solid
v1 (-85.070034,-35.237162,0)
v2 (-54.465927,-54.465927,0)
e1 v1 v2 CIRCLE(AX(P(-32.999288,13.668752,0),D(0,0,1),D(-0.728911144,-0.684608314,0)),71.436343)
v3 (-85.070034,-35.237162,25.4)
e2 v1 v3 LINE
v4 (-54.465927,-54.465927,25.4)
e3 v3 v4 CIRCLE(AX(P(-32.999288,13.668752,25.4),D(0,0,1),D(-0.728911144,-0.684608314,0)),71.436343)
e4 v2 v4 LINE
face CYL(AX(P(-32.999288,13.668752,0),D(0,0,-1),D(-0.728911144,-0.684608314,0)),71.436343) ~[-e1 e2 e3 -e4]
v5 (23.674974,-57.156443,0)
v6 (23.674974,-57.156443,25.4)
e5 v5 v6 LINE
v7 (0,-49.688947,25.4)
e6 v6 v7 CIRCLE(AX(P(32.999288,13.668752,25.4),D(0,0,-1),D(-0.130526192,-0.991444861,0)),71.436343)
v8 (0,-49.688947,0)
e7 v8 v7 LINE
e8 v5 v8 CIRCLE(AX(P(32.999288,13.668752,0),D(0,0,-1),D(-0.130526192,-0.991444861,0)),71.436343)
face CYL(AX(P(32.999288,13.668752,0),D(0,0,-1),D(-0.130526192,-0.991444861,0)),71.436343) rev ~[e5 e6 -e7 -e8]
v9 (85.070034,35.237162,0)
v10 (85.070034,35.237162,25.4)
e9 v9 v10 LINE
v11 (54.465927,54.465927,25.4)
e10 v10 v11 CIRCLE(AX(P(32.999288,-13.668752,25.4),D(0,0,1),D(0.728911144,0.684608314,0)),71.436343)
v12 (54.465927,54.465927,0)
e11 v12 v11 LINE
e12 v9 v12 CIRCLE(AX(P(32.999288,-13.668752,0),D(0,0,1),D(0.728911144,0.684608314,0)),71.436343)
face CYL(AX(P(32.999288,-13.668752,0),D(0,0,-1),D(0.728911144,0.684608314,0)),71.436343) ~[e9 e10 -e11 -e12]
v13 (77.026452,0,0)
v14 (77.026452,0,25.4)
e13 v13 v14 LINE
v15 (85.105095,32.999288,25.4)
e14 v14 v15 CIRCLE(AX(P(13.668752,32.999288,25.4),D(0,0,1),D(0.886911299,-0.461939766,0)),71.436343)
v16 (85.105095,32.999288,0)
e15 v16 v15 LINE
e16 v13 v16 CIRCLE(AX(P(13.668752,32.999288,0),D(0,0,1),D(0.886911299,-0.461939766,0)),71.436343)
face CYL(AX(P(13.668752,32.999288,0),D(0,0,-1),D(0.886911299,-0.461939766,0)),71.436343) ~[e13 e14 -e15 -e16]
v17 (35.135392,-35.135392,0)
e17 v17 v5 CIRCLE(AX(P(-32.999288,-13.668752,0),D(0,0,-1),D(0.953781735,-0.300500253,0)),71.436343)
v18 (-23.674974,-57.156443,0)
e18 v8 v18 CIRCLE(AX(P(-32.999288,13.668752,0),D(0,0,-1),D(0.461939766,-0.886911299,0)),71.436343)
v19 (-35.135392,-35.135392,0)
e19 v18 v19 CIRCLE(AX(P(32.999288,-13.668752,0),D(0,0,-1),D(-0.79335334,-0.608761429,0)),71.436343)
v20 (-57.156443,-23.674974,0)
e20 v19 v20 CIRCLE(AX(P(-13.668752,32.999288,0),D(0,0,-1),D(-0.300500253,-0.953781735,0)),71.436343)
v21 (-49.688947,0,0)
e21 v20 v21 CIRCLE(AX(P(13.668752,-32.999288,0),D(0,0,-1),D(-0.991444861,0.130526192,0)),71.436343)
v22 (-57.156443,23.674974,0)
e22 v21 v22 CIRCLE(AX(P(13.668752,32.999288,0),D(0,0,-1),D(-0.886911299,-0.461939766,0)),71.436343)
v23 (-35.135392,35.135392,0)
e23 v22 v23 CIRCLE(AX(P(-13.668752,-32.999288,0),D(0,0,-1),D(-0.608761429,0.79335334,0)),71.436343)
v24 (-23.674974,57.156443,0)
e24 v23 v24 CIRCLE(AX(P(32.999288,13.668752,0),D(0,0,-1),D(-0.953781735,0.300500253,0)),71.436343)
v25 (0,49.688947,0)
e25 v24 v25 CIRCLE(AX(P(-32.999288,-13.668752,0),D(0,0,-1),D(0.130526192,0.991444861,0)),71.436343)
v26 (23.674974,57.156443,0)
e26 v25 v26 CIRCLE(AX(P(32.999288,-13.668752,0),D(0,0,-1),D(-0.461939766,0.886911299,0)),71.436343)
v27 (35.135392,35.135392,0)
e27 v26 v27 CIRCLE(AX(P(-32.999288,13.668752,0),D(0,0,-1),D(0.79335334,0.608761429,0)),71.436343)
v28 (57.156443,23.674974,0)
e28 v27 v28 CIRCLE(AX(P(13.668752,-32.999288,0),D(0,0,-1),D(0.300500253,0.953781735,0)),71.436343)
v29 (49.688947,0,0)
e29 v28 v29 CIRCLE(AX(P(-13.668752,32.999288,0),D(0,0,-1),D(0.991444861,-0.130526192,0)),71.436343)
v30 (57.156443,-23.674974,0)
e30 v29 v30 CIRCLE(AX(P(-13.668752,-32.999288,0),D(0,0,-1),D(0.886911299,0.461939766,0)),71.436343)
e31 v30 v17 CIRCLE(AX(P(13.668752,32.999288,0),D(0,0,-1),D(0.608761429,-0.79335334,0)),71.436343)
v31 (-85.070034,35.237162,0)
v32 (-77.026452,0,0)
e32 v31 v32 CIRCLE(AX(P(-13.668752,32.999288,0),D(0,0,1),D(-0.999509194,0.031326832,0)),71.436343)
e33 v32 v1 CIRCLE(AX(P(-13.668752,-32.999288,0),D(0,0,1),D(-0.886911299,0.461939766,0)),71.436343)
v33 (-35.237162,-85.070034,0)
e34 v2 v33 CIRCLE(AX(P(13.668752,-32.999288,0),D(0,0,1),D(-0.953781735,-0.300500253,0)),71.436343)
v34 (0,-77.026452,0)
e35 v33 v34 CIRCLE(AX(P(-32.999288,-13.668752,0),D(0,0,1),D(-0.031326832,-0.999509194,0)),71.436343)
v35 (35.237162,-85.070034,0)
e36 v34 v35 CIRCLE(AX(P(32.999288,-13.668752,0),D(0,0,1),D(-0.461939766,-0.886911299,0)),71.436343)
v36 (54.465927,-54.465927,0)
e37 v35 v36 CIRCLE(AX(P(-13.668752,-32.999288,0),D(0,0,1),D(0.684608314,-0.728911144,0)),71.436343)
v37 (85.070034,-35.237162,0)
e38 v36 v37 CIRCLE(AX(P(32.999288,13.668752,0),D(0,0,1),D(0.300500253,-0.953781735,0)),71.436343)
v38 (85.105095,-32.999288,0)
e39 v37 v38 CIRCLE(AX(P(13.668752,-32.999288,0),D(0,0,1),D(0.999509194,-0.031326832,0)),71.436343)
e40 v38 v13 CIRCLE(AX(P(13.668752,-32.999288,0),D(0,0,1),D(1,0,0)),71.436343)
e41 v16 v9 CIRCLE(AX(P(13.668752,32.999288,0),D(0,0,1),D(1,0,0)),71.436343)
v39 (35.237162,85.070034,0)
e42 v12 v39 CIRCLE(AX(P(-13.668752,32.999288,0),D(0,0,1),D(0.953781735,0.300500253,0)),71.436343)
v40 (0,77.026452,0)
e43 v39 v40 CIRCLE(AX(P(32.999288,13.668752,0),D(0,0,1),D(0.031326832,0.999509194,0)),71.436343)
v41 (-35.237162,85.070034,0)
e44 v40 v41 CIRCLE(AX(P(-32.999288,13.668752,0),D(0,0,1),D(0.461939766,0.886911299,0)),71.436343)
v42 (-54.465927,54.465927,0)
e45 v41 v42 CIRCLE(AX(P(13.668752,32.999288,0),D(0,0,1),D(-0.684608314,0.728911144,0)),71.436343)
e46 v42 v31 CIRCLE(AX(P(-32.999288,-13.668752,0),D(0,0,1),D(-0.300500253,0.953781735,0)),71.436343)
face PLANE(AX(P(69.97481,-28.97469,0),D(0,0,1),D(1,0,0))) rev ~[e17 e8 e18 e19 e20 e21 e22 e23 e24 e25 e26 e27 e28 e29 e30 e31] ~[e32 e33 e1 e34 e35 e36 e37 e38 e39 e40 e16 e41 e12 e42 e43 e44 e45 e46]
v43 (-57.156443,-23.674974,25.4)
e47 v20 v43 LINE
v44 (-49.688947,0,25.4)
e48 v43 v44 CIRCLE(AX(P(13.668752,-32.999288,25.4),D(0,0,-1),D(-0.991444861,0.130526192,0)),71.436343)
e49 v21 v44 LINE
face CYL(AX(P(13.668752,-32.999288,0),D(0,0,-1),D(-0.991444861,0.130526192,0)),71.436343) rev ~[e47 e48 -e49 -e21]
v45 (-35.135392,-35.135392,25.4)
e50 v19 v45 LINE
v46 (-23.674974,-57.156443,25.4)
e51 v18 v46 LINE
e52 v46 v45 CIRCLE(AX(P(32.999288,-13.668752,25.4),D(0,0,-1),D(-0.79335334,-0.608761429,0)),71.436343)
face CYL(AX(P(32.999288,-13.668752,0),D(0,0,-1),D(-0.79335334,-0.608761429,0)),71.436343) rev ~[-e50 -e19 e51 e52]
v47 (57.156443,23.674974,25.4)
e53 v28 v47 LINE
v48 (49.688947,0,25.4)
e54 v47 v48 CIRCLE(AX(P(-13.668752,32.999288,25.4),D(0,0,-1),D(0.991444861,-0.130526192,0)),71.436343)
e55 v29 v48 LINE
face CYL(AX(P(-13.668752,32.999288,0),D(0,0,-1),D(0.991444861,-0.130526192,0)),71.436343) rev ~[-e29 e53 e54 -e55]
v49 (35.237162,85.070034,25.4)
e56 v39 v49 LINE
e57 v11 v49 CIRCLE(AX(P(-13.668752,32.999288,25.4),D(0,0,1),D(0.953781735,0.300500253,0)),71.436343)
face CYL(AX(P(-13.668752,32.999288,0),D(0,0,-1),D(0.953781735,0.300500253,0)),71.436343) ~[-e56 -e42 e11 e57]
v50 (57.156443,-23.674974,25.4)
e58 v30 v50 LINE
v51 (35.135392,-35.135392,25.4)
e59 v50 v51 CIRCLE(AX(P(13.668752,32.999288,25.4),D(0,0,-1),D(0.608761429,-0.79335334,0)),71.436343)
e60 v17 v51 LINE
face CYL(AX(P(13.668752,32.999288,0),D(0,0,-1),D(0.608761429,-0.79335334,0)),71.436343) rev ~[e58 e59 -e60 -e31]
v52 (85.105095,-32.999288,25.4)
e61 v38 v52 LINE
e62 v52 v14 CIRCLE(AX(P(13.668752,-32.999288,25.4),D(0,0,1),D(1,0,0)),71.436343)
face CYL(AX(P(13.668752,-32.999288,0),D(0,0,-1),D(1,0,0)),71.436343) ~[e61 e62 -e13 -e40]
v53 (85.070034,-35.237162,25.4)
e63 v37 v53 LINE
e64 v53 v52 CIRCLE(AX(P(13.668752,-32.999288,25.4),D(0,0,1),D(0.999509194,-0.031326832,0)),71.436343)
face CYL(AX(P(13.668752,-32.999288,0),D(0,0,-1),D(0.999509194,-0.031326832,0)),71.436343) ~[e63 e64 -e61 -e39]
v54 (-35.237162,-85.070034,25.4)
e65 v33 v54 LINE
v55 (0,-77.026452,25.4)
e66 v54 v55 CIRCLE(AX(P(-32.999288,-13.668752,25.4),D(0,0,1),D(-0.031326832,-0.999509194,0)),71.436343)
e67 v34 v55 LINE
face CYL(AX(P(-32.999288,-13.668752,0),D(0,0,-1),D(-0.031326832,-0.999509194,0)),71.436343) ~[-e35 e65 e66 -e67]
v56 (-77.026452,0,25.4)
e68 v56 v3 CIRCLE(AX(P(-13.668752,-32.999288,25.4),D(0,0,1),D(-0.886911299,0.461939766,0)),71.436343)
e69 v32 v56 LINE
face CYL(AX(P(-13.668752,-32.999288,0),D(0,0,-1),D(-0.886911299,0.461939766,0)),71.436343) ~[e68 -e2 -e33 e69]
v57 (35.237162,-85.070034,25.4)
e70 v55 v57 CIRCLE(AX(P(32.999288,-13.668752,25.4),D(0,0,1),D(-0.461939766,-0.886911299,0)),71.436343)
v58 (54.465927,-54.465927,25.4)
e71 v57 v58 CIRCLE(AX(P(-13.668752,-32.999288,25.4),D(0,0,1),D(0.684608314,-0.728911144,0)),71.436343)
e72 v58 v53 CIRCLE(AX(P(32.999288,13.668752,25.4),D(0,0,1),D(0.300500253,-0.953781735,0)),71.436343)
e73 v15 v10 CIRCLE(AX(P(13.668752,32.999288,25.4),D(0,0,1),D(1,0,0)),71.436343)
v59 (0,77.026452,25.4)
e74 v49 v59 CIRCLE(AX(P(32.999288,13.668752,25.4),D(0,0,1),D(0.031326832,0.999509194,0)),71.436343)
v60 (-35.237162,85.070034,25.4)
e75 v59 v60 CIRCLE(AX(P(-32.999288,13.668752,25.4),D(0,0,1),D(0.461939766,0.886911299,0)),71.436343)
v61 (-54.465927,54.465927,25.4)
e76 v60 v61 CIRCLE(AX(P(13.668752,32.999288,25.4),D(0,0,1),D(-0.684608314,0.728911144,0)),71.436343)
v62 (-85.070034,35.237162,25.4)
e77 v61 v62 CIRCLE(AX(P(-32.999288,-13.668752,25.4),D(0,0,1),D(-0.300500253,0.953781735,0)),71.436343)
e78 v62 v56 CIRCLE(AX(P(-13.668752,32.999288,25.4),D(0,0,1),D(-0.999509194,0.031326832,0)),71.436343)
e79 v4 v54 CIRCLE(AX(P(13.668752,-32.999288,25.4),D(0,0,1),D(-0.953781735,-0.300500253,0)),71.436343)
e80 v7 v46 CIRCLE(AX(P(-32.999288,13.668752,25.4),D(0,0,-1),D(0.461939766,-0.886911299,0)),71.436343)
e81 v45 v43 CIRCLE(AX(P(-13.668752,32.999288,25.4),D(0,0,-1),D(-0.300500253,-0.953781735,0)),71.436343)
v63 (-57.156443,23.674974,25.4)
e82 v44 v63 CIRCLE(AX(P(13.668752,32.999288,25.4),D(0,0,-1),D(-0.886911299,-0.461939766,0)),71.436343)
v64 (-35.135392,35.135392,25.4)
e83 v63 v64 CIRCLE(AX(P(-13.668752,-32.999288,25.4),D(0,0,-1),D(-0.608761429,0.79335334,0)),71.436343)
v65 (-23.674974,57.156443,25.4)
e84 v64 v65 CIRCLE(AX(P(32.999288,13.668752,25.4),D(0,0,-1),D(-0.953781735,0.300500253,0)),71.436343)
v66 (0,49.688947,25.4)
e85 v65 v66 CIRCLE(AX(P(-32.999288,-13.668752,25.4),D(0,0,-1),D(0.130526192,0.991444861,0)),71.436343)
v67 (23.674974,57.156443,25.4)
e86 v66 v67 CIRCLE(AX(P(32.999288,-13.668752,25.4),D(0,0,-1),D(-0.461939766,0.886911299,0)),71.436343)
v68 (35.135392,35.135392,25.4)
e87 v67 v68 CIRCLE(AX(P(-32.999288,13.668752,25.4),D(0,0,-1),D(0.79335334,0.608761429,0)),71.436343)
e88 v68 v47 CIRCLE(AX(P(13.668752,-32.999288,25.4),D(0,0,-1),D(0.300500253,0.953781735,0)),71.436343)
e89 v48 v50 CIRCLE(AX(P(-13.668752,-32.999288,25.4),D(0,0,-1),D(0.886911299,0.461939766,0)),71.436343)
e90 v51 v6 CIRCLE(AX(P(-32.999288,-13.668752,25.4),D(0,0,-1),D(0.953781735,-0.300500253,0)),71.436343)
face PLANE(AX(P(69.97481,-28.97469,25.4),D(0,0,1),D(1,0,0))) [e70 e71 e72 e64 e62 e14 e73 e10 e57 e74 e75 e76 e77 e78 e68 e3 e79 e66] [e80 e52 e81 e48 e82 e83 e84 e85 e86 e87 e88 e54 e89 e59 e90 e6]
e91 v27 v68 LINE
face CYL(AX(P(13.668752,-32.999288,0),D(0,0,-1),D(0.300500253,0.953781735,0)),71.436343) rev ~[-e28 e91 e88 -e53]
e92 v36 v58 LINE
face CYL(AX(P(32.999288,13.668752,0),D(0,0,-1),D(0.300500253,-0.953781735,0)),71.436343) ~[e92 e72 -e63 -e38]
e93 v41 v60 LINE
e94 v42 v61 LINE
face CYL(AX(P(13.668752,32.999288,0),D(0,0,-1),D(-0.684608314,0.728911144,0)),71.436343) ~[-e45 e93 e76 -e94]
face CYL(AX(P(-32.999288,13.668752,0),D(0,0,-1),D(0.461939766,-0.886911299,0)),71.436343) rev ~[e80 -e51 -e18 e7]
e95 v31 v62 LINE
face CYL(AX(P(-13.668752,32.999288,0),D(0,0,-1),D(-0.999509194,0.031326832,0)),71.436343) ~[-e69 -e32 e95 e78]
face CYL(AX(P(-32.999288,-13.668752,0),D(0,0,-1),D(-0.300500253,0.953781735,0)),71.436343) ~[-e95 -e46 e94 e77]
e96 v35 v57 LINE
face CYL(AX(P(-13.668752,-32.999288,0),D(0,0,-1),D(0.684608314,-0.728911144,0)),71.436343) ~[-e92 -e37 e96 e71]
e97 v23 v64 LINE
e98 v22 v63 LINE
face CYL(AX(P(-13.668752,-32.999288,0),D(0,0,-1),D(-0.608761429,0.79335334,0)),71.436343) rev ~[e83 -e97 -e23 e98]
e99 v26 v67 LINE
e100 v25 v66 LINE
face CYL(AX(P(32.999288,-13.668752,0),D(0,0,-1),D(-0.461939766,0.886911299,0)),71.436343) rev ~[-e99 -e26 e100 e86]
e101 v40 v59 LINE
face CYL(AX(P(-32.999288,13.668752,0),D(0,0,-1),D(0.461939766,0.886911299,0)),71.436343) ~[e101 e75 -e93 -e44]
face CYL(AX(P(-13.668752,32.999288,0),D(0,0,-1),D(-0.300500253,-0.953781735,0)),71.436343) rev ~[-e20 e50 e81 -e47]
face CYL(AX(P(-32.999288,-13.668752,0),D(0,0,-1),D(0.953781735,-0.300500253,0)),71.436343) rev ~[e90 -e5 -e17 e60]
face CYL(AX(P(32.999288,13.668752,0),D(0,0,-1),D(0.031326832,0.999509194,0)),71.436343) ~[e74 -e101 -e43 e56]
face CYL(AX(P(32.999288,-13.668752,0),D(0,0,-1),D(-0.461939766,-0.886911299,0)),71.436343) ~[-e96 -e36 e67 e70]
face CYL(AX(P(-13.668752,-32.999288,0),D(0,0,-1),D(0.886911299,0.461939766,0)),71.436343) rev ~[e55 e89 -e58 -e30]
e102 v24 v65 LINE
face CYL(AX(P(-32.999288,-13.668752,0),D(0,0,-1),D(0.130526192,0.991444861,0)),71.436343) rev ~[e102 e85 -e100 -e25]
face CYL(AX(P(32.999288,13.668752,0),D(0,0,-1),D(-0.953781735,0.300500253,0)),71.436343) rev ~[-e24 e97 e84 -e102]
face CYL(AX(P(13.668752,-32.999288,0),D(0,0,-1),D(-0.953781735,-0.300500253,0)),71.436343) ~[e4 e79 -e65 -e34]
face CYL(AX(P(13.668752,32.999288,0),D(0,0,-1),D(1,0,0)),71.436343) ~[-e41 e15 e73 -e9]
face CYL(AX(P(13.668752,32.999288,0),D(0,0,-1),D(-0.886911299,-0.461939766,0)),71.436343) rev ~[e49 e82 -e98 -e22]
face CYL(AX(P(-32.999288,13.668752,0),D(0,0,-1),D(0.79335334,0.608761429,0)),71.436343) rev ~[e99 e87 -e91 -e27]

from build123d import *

# Parameters (mm, degrees)
F1_DEPTH = 25.4


with BuildPart() as f1:
    # F0 (on Top) → F1 (new body)
    with BuildSketch(Plane.XY):
        with BuildLine():
            ThreePointArc((77.0264520917, 0), (68.3872175724, -12.9250051294), (57.1564426084, -23.6749737054))
            ThreePointArc((57.1564426084, -23.6749737054), (57.6146397309, -28.3271271617), (57.7675904246, -32.9992875259))
            ThreePointArc((57.7675904246, -32.9992875259), (56.9373498992, -43.8588176414), (54.4659266048, -54.4659266048))
            ThreePointArc((54.4659266048, -54.4659266048), (71.0041966227, -46.8190807701), (85.0700339486, -35.2371618131))
            ThreePointArc((85.0700339486, -35.2371618131), (85.0963294305, -34.1183619899), (85.1050953083, -32.9992875259))
            ThreePointArc((85.1050953083, -32.9992875259), (83.0560475237, -16.0123995425), (77.0264520917, 0))
        make_face()
        with BuildLine():
            ThreePointArc((57.1564426084, -23.6749737054), (46.6475564841, -30.3690765533), (35.1353915207, -35.1353915208))
            ThreePointArc((35.1353915208, -35.1353915208), (30.3690765533, -46.6475564841), (23.6749737054, -57.1564426084))
            ThreePointArc((23.6749737054, -57.1564426084), (39.217706518, -57.4964240658), (54.4659266048, -54.4659266048))
            ThreePointArc((54.4659266048, -54.4659266048), (56.9373498992, -43.8588176414), (57.7675904246, -32.9992875259))
            ThreePointArc((57.7675904246, -32.9992875259), (57.6146397309, -28.3271271617), (57.1564426084, -23.6749737054))
        make_face()
        with BuildLine():
            ThreePointArc((57.1564426084, 23.6749737054), (54.4589834849, 11.5106235465), (49.6889472079, 0))
            ThreePointArc((49.6889472079, 0), (54.4589834849, -11.5106235465), (57.1564426084, -23.6749737054))
            ThreePointArc((57.1564426084, -23.6749737054), (68.3872175724, -12.9250051294), (77.0264520917, 0))
            ThreePointArc((77.0264520917, 0), (68.3872175724, 12.9250051294), (57.1564426084, 23.6749737054))
        make_face()
        with BuildLine():
            ThreePointArc((0, 49.6889472079), (11.5106235465, 54.4589834849), (23.6749737054, 57.1564426084))
            ThreePointArc((23.6749737054, 57.1564426084), (12.9250051294, 68.3872175724), (0, 77.0264520917))
            ThreePointArc((0, 77.0264520917), (-12.9250051294, 68.3872175724), (-23.6749737054, 57.1564426084))
            ThreePointArc((-23.6749737054, 57.1564426084), (-11.5106235465, 54.4589834849), (0, 49.6889472079))
        make_face()
        with BuildLine():
            ThreePointArc((57.7675904246, 32.9992875259), (57.6146397309, 28.3271271617), (57.1564426084, 23.6749737054))
            ThreePointArc((57.1564426084, 23.6749737054), (68.3872175724, 12.9250051294), (77.0264520917, 0))
            ThreePointArc((77.0264520917, 0), (83.0560475237, 16.0123995425), (85.1050953083, 32.9992875259))
            ThreePointArc((85.1050953083, 32.9992875259), (85.0963294305, 34.1183619899), (85.0700339486, 35.2371618131))
            ThreePointArc((85.0700339486, 35.2371618131), (71.0041966227, 46.8190807701), (54.4659266048, 54.4659266048))
            ThreePointArc((54.4659266048, 54.4659266048), (56.9373498992, 43.8588176414), (57.7675904246, 32.9992875259))
        make_face()
        with BuildLine():
            ThreePointArc((23.6749737054, 57.1564426084), (30.3690765533, 46.6475564841), (35.1353915208, 35.1353915208))
            ThreePointArc((35.1353915207, 35.1353915208), (46.6475564841, 30.3690765533), (57.1564426084, 23.6749737054))
            ThreePointArc((57.1564426084, 23.6749737054), (57.6146397309, 28.3271271617), (57.7675904246, 32.9992875259))
            ThreePointArc((57.7675904246, 32.9992875259), (56.9373498992, 43.8588176414), (54.4659266048, 54.4659266048))
            ThreePointArc((54.4659266048, 54.4659266048), (39.217706518, 57.4964240658), (23.6749737054, 57.1564426084))
        make_face()
        with BuildLine():
            ThreePointArc((-23.6749737054, 57.1564426084), (-12.9250051294, 68.3872175724), (0, 77.0264520917))
            ThreePointArc((0, 77.0264520917), (-17.1014594232, 83.313638426), (-35.2371618131, 85.0700339486))
            ThreePointArc((-35.2371618131, 85.0700339486), (-46.8190807701, 71.0041966227), (-54.4659266048, 54.4659266048))
            ThreePointArc((-54.4659266048, 54.4659266048), (-39.217706518, 57.4964240658), (-23.6749737054, 57.1564426084))
        make_face()
        with BuildLine():
            ThreePointArc((0, 77.0264520917), (12.9250051294, 68.3872175724), (23.6749737054, 57.1564426084))
            ThreePointArc((23.6749737054, 57.1564426084), (39.217706518, 57.4964240658), (54.4659266048, 54.4659266048))
            ThreePointArc((54.4659266048, 54.4659266048), (46.8190807701, 71.0041966227), (35.2371618131, 85.0700339486))
            ThreePointArc((35.2371618131, 85.0700339486), (17.1014594232, 83.313638426), (0, 77.0264520917))
        make_face()
        with BuildLine():
            ThreePointArc((-35.1353915208, 35.1353915208), (-30.3690765533, 46.6475564841), (-23.6749737054, 57.1564426084))
            ThreePointArc((-23.6749737054, 57.1564426084), (-39.217706518, 57.4964240658), (-54.4659266048, 54.4659266048))
            ThreePointArc((-54.4659266048, 54.4659266048), (-57.4964240658, 39.217706518), (-57.1564426084, 23.6749737054))
            ThreePointArc((-57.1564426084, 23.6749737054), (-46.6475564841, 30.3690765533), (-35.1353915208, 35.1353915208))
        make_face()
        with BuildLine():
            ThreePointArc((-85.0700339486, -35.2371618131), (-71.0041966227, -46.8190807701), (-54.4659266048, -54.4659266048))
            ThreePointArc((-54.4659266048, -54.4659266048), (-57.4964240658, -39.217706518), (-57.1564426084, -23.6749737054))
            ThreePointArc((-57.1564426084, -23.6749737054), (-68.3872175724, -12.9250051294), (-77.0264520917, 0))
            ThreePointArc((-77.0264520917, 0), (-83.313638426, -17.1014594232), (-85.0700339486, -35.2371618131))
        make_face()
        with BuildLine():
            ThreePointArc((-57.1564426084, 23.6749737054), (-57.4964240658, 39.217706518), (-54.4659266048, 54.4659266048))
            ThreePointArc((-54.4659266048, 54.4659266048), (-71.0041966227, 46.8190807701), (-85.0700339486, 35.2371618131))
            ThreePointArc((-85.0700339486, 35.2371618131), (-83.313638426, 17.1014594232), (-77.0264520917, 0))
            ThreePointArc((-77.0264520917, 0), (-68.3872175724, 12.9250051294), (-57.1564426084, 23.6749737054))
        make_face()
        with BuildLine():
            ThreePointArc((-77.0264520917, 0), (-68.3872175724, -12.9250051294), (-57.1564426084, -23.6749737054))
            ThreePointArc((-57.1564426084, -23.6749737054), (-54.4589834849, -11.5106235465), (-49.6889472079, 0))
            ThreePointArc((-49.6889472079, 0), (-54.4589834849, 11.5106235465), (-57.1564426084, 23.6749737054))
            ThreePointArc((-57.1564426084, 23.6749737054), (-68.3872175724, 12.9250051294), (-77.0264520917, 0))
        make_face()
        with BuildLine():
            ThreePointArc((-35.2371618131, -85.0700339486), (-17.1014594232, -83.313638426), (0, -77.0264520917))
            ThreePointArc((0, -77.0264520917), (-12.9250051294, -68.3872175724), (-23.6749737054, -57.1564426084))
            ThreePointArc((-23.6749737054, -57.1564426084), (-39.217706518, -57.4964240658), (-54.4659266048, -54.4659266048))
            ThreePointArc((-54.4659266048, -54.4659266048), (-46.8190807701, -71.0041966227), (-35.2371618131, -85.0700339486))
        make_face()
        with BuildLine():
            ThreePointArc((0, -77.0264520917), (12.9250051294, -68.3872175724), (23.6749737054, -57.1564426084))
            ThreePointArc((23.6749737054, -57.1564426084), (11.5106235465, -54.4589834849), (0, -49.6889472079))
            ThreePointArc((0, -49.6889472079), (-11.5106235465, -54.4589834849), (-23.6749737054, -57.1564426084))
            ThreePointArc((-23.6749737054, -57.1564426084), (-12.9250051294, -68.3872175724), (0, -77.0264520917))
        make_face()
        with BuildLine():
            ThreePointArc((-54.4659266048, -54.4659266048), (-39.217706518, -57.4964240658), (-23.6749737054, -57.1564426084))
            ThreePointArc((-23.6749737054, -57.1564426084), (-30.3690765533, -46.6475564841), (-35.1353915208, -35.1353915208))
            ThreePointArc((-35.1353915208, -35.1353915208), (-46.6475564841, -30.3690765533), (-57.1564426084, -23.6749737054))
            ThreePointArc((-57.1564426084, -23.6749737054), (-57.4964240658, -39.217706518), (-54.4659266048, -54.4659266048))
        make_face()
        with BuildLine():
            ThreePointArc((54.4659266048, -54.4659266048), (39.217706518, -57.4964240658), (23.6749737054, -57.1564426084))
            ThreePointArc((23.6749737054, -57.1564426084), (12.9250051294, -68.3872175724), (0, -77.0264520917))
            ThreePointArc((0, -77.0264520917), (17.1014594232, -83.313638426), (35.2371618131, -85.0700339486))
            ThreePointArc((35.2371618131, -85.0700339486), (46.8190807701, -71.0041966227), (54.4659266048, -54.4659266048))
        make_face()
    extrude(amount=F1_DEPTH)


solid = f1.part
